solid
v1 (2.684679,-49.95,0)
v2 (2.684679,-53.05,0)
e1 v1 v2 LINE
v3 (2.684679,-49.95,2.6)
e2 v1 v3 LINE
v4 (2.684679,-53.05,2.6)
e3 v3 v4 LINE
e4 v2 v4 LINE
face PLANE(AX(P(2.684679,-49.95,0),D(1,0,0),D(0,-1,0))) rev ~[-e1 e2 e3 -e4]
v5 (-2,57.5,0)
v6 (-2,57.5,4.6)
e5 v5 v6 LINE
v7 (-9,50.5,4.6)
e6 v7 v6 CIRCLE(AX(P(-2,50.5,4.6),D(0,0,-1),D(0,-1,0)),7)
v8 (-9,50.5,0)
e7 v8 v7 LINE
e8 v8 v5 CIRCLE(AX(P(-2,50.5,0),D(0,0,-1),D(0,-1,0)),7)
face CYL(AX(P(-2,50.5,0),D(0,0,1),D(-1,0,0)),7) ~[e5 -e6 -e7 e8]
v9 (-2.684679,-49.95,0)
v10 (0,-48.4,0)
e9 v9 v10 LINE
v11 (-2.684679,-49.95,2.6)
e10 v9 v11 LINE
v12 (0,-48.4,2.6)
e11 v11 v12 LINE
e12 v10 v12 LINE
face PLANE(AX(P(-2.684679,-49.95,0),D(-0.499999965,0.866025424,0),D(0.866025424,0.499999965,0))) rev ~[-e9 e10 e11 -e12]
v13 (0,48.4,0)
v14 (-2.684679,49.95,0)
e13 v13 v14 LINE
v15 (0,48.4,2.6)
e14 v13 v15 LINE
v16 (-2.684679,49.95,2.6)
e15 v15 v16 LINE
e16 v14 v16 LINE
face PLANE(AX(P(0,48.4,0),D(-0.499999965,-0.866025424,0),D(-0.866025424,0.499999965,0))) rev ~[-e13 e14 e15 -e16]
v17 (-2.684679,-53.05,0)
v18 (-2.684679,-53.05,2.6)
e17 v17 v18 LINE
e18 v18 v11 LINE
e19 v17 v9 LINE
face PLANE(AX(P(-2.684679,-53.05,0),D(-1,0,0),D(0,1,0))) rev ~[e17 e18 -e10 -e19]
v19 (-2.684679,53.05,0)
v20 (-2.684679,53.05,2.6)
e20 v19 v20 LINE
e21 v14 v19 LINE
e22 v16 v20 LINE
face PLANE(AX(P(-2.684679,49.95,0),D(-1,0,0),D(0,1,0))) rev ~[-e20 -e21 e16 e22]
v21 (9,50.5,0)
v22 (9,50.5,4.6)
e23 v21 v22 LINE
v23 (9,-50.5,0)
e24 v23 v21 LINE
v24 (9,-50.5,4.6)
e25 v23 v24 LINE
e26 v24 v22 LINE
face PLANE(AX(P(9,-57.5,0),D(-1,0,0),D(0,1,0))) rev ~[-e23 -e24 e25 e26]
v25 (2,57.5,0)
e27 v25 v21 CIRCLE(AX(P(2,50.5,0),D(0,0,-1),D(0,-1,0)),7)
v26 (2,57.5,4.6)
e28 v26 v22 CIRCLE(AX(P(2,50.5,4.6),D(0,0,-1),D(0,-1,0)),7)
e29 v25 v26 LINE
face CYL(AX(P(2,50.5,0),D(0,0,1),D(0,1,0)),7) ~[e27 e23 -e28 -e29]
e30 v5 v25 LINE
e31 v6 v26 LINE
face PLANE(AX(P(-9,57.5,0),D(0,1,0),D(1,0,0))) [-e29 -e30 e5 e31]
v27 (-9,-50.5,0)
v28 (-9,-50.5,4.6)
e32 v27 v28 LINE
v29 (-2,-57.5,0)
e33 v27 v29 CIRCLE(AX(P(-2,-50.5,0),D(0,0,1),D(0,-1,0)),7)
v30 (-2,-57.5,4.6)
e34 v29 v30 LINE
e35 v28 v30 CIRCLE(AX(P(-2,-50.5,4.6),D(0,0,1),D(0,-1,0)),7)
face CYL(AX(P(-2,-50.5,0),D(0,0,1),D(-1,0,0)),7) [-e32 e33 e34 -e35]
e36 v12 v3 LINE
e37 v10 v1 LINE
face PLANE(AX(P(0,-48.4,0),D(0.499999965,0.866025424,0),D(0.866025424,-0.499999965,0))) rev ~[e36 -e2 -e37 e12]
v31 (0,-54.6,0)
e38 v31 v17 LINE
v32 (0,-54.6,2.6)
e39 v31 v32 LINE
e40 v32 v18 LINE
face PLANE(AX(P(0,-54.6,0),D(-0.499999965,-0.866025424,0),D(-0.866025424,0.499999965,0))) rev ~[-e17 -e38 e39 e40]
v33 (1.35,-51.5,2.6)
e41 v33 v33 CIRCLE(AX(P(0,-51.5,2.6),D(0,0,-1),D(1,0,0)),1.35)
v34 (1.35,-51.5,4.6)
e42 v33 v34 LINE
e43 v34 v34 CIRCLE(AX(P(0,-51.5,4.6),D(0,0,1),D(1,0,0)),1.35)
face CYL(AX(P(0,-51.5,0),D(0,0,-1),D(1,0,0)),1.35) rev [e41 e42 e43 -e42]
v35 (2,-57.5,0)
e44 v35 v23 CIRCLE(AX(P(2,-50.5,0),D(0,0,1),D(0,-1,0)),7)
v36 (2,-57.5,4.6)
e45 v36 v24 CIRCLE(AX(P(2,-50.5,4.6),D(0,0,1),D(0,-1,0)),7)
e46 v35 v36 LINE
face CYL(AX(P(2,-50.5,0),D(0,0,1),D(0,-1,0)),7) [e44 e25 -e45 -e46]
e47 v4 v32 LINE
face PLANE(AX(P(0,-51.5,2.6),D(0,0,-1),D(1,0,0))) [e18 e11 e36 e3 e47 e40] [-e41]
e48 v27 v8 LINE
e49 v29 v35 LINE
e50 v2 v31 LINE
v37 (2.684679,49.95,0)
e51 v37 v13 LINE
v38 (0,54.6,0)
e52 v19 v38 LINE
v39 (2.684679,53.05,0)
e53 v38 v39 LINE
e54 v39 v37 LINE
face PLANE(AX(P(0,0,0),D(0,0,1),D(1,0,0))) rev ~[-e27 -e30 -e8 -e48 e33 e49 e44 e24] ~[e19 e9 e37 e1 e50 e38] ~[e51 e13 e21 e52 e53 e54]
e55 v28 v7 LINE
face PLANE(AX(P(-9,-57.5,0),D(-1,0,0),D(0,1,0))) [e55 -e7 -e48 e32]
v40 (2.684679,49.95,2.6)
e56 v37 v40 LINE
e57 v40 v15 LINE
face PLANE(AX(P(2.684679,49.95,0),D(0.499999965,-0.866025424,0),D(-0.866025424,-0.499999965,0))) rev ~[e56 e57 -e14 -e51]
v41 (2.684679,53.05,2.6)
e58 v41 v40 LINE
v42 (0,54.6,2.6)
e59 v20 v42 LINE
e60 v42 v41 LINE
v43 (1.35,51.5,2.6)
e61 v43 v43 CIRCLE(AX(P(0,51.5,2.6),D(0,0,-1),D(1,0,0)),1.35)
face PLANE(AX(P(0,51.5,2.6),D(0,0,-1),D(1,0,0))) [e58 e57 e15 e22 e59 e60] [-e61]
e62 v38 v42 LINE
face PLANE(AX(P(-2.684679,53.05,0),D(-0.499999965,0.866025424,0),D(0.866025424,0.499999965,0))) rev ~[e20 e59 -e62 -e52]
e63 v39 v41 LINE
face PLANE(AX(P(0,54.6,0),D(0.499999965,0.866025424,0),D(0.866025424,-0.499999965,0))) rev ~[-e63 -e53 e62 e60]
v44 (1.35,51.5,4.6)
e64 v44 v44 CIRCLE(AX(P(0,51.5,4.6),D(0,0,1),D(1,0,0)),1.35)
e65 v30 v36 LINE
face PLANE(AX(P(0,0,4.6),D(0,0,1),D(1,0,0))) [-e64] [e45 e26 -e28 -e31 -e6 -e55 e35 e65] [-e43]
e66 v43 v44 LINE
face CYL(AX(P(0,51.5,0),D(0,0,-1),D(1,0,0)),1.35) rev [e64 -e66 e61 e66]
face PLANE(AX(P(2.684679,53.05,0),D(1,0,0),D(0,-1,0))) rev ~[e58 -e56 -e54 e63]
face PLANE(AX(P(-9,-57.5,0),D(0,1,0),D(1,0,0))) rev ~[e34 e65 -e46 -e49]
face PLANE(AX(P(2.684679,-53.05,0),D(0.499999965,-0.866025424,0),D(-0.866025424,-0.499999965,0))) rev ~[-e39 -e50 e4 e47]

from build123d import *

# Parameters (mm, degrees)
SKETCH002_W     = 18
SKETCH002_H     = 115
SKETCH002_R     = 1.35
PAD001_DEPTH    = 4.6
POCKET001_DEPTH = 2.6
FILLET001_R     = 7


with BuildPart() as part:
    # Sketch002 → Pad001 (new body)
    with BuildSketch(Plane.XY):
        Rectangle(SKETCH002_W, SKETCH002_H)
        with Locations((0, 51.5)):
            Circle(SKETCH002_R, mode=Mode.SUBTRACT)
        with Locations((0, -51.5)):
            Circle(SKETCH002_R, mode=Mode.SUBTRACT)
    extrude(amount=PAD001_DEPTH)

    # Sketch003 (on Face7 of Pad001) → Pocket001 (cut)
    with BuildSketch(Plane(origin=(0, 0, 0), x_dir=(1, 0, 0), z_dir=(0, 0, -1))):
        Polygon((2.684679, 49.95), (2.684679, 53.05), (0, 54.6), (-2.684679, 53.05), (-2.684679, 49.95), (0, 48.4), align=None)
        Polygon((2.684679, -53.05), (2.684679, -49.95), (0, -48.4), (-2.684679, -49.95), (-2.684679, -53.05), (0, -54.6), align=None)
    extrude(amount=-POCKET001_DEPTH, mode=Mode.SUBTRACT)

    # Fillet001
    fillet001_edges = [part.edges().sort_by_distance(p)[0] for p in [
        (-9, 57.5, 2.3),
        (9, 57.5, 2.3),
        (9, -57.5, 2.3),
        (-9, -57.5, 2.3),
    ]]
    fillet(fillet001_edges, radius=FILLET001_R)


solid = part.part
